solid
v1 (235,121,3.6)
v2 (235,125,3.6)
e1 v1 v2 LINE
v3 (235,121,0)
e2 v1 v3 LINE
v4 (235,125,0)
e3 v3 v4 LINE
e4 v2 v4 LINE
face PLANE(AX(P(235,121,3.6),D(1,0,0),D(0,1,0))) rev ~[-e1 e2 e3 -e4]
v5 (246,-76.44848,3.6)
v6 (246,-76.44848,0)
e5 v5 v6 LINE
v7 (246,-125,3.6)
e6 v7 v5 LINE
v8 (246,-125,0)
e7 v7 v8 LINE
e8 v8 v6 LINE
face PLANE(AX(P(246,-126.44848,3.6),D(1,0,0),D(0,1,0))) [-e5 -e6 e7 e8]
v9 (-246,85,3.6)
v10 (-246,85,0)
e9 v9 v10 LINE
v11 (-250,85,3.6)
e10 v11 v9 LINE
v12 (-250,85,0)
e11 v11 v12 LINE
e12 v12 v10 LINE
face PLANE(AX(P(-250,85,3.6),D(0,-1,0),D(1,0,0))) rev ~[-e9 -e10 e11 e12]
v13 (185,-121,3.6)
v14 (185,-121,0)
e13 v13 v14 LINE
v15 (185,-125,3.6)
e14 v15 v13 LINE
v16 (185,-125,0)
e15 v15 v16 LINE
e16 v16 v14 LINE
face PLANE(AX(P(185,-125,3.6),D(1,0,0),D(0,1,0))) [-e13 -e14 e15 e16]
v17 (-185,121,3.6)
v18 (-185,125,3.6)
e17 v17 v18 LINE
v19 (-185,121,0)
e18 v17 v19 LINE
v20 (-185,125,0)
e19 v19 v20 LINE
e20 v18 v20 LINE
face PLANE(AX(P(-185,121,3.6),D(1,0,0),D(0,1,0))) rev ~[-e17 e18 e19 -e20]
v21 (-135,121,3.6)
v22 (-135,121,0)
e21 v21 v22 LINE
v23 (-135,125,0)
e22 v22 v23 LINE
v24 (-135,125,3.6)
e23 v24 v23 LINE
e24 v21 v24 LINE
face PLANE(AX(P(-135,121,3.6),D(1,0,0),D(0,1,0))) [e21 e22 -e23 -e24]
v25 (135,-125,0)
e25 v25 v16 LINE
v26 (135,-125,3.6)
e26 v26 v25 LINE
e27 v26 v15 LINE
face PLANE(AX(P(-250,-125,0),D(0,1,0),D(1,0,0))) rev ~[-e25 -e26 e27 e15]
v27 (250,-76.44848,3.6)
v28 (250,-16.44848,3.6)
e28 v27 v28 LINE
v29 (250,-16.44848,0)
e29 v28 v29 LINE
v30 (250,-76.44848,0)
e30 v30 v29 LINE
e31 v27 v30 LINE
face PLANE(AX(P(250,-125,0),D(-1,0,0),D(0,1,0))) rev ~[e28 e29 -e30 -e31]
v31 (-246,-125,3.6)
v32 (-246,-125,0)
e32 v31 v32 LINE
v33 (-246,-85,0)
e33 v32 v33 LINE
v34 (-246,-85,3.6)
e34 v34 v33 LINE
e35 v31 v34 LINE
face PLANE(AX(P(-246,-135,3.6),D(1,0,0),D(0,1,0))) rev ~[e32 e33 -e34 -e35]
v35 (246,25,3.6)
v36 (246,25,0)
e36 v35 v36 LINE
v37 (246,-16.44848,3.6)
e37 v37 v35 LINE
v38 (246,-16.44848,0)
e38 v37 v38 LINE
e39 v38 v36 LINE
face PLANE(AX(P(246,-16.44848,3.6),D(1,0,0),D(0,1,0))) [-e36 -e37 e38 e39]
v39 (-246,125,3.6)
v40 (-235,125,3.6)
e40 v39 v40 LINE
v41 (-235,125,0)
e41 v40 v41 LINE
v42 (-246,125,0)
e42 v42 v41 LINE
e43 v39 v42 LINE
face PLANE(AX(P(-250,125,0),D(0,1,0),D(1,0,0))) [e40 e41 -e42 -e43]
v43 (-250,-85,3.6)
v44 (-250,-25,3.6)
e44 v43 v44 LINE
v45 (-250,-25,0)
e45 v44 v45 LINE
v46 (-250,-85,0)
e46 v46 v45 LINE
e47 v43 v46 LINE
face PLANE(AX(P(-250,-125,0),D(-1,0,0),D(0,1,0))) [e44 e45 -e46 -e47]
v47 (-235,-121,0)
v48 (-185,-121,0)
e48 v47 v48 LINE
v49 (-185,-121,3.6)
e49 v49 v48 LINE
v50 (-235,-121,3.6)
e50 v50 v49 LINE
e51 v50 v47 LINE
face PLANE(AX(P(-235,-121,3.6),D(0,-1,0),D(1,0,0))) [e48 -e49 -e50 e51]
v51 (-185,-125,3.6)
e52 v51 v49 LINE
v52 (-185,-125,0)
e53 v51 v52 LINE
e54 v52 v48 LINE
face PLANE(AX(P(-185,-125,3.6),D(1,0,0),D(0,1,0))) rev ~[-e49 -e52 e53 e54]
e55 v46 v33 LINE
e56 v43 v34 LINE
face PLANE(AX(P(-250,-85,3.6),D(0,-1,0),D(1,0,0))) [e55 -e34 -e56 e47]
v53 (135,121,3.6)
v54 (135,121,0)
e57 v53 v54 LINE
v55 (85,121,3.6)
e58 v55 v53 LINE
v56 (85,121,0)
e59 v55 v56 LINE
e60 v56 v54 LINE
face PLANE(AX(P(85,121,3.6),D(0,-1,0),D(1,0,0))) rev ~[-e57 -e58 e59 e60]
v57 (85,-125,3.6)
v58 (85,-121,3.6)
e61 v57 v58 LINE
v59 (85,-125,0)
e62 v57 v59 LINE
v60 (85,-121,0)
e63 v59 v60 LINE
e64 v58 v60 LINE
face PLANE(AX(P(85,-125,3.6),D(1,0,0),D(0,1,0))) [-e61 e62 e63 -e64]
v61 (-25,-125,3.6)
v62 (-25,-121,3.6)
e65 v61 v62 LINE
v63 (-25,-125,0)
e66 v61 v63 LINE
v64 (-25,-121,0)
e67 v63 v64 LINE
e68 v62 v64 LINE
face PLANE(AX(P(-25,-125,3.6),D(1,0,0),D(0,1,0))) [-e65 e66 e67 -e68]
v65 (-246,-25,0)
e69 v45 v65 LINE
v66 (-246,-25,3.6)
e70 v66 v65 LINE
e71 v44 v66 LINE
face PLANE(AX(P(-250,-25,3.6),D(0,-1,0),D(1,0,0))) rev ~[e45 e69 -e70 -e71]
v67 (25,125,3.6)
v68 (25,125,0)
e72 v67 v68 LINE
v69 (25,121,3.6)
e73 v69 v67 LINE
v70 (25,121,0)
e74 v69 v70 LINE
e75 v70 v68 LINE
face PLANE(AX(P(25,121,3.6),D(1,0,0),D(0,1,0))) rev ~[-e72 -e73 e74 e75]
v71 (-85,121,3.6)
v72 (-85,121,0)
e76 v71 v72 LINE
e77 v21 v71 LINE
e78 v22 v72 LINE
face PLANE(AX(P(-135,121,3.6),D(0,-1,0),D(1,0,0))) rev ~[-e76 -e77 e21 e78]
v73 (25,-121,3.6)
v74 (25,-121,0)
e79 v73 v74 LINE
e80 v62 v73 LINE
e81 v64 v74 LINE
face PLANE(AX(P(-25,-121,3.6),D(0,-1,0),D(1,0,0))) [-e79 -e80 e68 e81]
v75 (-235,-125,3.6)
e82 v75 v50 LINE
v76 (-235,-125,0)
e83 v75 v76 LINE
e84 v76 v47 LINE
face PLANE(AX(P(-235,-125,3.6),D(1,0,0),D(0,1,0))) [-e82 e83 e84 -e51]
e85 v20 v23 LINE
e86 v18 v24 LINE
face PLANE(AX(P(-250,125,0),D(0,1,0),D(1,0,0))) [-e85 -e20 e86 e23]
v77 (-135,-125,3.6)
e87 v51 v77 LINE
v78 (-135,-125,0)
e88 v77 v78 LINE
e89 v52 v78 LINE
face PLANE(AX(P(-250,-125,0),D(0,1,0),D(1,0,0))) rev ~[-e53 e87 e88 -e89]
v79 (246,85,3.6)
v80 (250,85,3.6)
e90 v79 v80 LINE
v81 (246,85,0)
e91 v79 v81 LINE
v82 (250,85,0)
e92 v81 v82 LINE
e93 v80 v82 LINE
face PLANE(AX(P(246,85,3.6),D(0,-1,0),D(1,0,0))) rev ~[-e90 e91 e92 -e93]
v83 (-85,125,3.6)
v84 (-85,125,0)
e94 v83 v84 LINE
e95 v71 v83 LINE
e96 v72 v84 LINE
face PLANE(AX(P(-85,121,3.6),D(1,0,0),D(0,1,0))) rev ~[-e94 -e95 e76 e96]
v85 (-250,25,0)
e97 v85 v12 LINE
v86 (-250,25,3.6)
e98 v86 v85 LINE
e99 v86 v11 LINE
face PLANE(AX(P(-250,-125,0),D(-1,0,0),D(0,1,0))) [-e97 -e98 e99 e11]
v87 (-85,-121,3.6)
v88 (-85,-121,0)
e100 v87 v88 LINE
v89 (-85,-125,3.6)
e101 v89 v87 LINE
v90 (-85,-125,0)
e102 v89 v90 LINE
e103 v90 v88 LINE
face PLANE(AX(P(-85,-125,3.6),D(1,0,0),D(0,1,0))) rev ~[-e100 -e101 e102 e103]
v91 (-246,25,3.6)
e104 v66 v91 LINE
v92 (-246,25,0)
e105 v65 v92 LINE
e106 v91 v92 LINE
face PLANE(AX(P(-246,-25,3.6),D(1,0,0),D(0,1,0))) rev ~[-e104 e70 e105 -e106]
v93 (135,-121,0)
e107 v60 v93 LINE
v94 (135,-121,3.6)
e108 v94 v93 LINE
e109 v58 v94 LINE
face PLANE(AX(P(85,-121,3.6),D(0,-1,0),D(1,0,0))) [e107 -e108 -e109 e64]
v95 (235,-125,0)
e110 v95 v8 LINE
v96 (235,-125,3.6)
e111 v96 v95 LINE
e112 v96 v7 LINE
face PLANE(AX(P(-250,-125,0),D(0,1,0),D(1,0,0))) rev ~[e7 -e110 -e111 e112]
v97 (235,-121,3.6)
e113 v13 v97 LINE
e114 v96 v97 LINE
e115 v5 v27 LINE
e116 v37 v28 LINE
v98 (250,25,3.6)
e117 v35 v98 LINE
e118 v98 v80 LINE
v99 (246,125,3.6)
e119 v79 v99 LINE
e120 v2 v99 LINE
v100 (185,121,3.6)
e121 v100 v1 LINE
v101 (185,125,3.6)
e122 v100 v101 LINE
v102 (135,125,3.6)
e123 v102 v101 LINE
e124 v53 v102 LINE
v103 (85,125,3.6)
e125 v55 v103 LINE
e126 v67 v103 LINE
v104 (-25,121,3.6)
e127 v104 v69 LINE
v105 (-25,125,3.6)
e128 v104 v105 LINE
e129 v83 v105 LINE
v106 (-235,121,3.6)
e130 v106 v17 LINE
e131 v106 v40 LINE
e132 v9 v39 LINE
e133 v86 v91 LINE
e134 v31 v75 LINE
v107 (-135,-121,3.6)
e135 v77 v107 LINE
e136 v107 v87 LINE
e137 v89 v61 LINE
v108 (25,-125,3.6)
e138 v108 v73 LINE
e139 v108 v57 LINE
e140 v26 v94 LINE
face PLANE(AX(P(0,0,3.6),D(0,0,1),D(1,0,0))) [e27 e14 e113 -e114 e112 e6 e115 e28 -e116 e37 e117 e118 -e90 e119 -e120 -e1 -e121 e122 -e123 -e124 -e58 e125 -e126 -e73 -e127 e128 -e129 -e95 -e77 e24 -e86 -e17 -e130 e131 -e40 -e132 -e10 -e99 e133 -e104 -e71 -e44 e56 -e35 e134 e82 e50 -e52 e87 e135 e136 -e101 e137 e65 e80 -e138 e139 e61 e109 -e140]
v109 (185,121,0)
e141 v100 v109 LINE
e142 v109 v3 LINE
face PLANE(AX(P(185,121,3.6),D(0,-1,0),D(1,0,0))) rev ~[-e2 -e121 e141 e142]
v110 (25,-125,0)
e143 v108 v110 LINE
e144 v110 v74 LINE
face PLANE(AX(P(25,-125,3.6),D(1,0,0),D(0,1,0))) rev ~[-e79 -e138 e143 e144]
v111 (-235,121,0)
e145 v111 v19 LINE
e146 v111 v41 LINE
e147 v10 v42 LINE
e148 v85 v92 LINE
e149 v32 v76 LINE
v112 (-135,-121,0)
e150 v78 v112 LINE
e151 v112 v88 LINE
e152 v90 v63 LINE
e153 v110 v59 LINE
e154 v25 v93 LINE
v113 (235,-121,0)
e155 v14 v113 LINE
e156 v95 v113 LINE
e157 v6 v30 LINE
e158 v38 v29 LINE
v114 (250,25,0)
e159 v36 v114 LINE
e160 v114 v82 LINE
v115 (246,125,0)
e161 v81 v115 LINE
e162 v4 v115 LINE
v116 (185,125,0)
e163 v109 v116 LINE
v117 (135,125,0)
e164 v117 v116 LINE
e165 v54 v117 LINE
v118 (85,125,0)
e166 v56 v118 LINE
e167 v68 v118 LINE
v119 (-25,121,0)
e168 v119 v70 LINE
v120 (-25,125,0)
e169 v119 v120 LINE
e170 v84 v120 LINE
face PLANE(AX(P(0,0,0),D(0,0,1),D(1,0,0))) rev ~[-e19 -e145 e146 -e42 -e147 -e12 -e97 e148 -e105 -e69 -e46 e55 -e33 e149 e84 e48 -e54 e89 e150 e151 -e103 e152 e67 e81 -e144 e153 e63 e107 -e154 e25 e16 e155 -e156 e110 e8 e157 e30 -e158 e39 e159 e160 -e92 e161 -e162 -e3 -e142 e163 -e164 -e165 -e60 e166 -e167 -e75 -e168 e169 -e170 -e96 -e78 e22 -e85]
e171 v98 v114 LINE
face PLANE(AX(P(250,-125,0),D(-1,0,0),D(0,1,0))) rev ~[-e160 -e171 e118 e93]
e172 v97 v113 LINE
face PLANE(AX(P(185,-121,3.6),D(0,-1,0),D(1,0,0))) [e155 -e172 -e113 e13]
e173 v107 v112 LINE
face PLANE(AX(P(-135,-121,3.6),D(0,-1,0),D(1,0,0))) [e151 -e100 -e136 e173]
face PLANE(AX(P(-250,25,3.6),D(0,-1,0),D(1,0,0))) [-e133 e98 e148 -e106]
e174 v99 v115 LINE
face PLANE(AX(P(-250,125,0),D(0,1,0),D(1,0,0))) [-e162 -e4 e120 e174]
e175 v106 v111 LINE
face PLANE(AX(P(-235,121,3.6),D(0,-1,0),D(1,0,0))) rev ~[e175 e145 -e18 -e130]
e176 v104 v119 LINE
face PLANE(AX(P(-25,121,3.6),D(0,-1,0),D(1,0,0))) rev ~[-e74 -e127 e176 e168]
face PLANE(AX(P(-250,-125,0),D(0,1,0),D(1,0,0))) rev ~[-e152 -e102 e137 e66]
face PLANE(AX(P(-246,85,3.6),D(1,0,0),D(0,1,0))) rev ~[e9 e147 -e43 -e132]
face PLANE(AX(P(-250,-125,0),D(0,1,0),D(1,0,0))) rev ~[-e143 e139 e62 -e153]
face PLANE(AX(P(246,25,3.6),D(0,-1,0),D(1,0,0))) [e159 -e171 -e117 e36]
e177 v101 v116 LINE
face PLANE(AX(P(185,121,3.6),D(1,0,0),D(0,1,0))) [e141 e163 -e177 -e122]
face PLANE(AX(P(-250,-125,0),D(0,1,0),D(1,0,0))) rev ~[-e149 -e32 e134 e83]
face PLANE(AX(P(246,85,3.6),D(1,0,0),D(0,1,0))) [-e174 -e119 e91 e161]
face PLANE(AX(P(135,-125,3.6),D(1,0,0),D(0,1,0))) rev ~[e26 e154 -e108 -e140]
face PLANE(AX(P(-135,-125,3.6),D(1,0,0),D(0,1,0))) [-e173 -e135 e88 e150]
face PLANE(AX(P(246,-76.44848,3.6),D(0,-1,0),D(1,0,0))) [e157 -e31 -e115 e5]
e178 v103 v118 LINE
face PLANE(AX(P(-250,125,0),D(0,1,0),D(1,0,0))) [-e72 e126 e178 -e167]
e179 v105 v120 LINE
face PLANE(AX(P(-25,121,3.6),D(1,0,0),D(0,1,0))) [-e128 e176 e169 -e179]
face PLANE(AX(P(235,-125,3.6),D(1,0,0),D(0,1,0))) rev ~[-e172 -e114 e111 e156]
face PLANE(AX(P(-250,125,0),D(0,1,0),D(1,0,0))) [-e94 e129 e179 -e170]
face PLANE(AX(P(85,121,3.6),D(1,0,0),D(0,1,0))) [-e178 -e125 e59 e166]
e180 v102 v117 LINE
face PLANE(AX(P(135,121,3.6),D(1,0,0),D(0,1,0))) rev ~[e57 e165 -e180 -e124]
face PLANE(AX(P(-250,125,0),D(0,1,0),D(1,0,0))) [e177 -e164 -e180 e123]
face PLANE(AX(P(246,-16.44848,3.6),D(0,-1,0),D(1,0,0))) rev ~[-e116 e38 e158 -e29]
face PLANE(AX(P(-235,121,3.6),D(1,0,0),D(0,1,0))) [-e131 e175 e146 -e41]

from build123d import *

# Parameters (mm, degrees)
SKETCH_1_W          = 500
SKETCH_1_H          = 250
EXTRUDE_1_DEPTH     = 3.6
SKETCH_2_W          = 50
SKETCH_2_H          = 4
CUT_EXTRUDE_1_DEPTH = 3.6
SKETCH_3_W          = 4
SKETCH_3_H          = 50
SKETCH_3_H_2        = 41.448480175
CUT_EXTRUDE_2_DEPTH = 3.6


with BuildPart() as part:
    # 草图1 → 凸台-拉伸1 (new body)
    with BuildSketch(Plane.XY):
        Rectangle(SKETCH_1_W, SKETCH_1_H)
    extrude(amount=EXTRUDE_1_DEPTH)

    # 草图2 → 切除-拉伸1 (cut)
    with BuildSketch(Plane.XY.offset(3.6)):
        with Locations((0, 123)):
            Rectangle(SKETCH_2_W, SKETCH_2_H)
        with Locations((-110, 123)):
            Rectangle(SKETCH_2_W, SKETCH_2_H)
        with Locations((-210, 123)):
            Rectangle(SKETCH_2_W, SKETCH_2_H)
        with Locations((110, 123)):
            Rectangle(SKETCH_2_W, SKETCH_2_H)
        with Locations((210, 123)):
            Rectangle(SKETCH_2_W, SKETCH_2_H)
        with Locations((210, -123)):
            Rectangle(SKETCH_2_W, SKETCH_2_H)
        with Locations((110, -123)):
            Rectangle(SKETCH_2_W, SKETCH_2_H)
        with Locations((-210, -123)):
            Rectangle(SKETCH_2_W, SKETCH_2_H)
        with Locations((-110, -123)):
            Rectangle(SKETCH_2_W, SKETCH_2_H)
        with Locations((0, -123)):
            Rectangle(SKETCH_2_W, SKETCH_2_H)
    extrude(amount=-CUT_EXTRUDE_1_DEPTH, mode=Mode.SUBTRACT)

    # 草图3 → 切除-拉伸2 (cut)
    with BuildSketch(Plane.XY.offset(3.6)):
        with Locations((-248, 0)):
            Rectangle(SKETCH_3_W, SKETCH_3_H)
        with Locations((-248, 110)):
            Rectangle(SKETCH_3_W, SKETCH_3_H)
        with Locations((-248, -110)):
            Rectangle(SKETCH_3_W, SKETCH_3_H)
        with Locations((248, 4.275759912)):
            Rectangle(SKETCH_3_W, SKETCH_3_H_2)
        with Locations((248, -101.448480175)):
            Rectangle(SKETCH_3_W, SKETCH_3_H)
        with Locations((248, 110)):
            Rectangle(SKETCH_3_W, SKETCH_3_H)
    extrude(amount=-CUT_EXTRUDE_2_DEPTH, mode=Mode.SUBTRACT)


solid = part.part
